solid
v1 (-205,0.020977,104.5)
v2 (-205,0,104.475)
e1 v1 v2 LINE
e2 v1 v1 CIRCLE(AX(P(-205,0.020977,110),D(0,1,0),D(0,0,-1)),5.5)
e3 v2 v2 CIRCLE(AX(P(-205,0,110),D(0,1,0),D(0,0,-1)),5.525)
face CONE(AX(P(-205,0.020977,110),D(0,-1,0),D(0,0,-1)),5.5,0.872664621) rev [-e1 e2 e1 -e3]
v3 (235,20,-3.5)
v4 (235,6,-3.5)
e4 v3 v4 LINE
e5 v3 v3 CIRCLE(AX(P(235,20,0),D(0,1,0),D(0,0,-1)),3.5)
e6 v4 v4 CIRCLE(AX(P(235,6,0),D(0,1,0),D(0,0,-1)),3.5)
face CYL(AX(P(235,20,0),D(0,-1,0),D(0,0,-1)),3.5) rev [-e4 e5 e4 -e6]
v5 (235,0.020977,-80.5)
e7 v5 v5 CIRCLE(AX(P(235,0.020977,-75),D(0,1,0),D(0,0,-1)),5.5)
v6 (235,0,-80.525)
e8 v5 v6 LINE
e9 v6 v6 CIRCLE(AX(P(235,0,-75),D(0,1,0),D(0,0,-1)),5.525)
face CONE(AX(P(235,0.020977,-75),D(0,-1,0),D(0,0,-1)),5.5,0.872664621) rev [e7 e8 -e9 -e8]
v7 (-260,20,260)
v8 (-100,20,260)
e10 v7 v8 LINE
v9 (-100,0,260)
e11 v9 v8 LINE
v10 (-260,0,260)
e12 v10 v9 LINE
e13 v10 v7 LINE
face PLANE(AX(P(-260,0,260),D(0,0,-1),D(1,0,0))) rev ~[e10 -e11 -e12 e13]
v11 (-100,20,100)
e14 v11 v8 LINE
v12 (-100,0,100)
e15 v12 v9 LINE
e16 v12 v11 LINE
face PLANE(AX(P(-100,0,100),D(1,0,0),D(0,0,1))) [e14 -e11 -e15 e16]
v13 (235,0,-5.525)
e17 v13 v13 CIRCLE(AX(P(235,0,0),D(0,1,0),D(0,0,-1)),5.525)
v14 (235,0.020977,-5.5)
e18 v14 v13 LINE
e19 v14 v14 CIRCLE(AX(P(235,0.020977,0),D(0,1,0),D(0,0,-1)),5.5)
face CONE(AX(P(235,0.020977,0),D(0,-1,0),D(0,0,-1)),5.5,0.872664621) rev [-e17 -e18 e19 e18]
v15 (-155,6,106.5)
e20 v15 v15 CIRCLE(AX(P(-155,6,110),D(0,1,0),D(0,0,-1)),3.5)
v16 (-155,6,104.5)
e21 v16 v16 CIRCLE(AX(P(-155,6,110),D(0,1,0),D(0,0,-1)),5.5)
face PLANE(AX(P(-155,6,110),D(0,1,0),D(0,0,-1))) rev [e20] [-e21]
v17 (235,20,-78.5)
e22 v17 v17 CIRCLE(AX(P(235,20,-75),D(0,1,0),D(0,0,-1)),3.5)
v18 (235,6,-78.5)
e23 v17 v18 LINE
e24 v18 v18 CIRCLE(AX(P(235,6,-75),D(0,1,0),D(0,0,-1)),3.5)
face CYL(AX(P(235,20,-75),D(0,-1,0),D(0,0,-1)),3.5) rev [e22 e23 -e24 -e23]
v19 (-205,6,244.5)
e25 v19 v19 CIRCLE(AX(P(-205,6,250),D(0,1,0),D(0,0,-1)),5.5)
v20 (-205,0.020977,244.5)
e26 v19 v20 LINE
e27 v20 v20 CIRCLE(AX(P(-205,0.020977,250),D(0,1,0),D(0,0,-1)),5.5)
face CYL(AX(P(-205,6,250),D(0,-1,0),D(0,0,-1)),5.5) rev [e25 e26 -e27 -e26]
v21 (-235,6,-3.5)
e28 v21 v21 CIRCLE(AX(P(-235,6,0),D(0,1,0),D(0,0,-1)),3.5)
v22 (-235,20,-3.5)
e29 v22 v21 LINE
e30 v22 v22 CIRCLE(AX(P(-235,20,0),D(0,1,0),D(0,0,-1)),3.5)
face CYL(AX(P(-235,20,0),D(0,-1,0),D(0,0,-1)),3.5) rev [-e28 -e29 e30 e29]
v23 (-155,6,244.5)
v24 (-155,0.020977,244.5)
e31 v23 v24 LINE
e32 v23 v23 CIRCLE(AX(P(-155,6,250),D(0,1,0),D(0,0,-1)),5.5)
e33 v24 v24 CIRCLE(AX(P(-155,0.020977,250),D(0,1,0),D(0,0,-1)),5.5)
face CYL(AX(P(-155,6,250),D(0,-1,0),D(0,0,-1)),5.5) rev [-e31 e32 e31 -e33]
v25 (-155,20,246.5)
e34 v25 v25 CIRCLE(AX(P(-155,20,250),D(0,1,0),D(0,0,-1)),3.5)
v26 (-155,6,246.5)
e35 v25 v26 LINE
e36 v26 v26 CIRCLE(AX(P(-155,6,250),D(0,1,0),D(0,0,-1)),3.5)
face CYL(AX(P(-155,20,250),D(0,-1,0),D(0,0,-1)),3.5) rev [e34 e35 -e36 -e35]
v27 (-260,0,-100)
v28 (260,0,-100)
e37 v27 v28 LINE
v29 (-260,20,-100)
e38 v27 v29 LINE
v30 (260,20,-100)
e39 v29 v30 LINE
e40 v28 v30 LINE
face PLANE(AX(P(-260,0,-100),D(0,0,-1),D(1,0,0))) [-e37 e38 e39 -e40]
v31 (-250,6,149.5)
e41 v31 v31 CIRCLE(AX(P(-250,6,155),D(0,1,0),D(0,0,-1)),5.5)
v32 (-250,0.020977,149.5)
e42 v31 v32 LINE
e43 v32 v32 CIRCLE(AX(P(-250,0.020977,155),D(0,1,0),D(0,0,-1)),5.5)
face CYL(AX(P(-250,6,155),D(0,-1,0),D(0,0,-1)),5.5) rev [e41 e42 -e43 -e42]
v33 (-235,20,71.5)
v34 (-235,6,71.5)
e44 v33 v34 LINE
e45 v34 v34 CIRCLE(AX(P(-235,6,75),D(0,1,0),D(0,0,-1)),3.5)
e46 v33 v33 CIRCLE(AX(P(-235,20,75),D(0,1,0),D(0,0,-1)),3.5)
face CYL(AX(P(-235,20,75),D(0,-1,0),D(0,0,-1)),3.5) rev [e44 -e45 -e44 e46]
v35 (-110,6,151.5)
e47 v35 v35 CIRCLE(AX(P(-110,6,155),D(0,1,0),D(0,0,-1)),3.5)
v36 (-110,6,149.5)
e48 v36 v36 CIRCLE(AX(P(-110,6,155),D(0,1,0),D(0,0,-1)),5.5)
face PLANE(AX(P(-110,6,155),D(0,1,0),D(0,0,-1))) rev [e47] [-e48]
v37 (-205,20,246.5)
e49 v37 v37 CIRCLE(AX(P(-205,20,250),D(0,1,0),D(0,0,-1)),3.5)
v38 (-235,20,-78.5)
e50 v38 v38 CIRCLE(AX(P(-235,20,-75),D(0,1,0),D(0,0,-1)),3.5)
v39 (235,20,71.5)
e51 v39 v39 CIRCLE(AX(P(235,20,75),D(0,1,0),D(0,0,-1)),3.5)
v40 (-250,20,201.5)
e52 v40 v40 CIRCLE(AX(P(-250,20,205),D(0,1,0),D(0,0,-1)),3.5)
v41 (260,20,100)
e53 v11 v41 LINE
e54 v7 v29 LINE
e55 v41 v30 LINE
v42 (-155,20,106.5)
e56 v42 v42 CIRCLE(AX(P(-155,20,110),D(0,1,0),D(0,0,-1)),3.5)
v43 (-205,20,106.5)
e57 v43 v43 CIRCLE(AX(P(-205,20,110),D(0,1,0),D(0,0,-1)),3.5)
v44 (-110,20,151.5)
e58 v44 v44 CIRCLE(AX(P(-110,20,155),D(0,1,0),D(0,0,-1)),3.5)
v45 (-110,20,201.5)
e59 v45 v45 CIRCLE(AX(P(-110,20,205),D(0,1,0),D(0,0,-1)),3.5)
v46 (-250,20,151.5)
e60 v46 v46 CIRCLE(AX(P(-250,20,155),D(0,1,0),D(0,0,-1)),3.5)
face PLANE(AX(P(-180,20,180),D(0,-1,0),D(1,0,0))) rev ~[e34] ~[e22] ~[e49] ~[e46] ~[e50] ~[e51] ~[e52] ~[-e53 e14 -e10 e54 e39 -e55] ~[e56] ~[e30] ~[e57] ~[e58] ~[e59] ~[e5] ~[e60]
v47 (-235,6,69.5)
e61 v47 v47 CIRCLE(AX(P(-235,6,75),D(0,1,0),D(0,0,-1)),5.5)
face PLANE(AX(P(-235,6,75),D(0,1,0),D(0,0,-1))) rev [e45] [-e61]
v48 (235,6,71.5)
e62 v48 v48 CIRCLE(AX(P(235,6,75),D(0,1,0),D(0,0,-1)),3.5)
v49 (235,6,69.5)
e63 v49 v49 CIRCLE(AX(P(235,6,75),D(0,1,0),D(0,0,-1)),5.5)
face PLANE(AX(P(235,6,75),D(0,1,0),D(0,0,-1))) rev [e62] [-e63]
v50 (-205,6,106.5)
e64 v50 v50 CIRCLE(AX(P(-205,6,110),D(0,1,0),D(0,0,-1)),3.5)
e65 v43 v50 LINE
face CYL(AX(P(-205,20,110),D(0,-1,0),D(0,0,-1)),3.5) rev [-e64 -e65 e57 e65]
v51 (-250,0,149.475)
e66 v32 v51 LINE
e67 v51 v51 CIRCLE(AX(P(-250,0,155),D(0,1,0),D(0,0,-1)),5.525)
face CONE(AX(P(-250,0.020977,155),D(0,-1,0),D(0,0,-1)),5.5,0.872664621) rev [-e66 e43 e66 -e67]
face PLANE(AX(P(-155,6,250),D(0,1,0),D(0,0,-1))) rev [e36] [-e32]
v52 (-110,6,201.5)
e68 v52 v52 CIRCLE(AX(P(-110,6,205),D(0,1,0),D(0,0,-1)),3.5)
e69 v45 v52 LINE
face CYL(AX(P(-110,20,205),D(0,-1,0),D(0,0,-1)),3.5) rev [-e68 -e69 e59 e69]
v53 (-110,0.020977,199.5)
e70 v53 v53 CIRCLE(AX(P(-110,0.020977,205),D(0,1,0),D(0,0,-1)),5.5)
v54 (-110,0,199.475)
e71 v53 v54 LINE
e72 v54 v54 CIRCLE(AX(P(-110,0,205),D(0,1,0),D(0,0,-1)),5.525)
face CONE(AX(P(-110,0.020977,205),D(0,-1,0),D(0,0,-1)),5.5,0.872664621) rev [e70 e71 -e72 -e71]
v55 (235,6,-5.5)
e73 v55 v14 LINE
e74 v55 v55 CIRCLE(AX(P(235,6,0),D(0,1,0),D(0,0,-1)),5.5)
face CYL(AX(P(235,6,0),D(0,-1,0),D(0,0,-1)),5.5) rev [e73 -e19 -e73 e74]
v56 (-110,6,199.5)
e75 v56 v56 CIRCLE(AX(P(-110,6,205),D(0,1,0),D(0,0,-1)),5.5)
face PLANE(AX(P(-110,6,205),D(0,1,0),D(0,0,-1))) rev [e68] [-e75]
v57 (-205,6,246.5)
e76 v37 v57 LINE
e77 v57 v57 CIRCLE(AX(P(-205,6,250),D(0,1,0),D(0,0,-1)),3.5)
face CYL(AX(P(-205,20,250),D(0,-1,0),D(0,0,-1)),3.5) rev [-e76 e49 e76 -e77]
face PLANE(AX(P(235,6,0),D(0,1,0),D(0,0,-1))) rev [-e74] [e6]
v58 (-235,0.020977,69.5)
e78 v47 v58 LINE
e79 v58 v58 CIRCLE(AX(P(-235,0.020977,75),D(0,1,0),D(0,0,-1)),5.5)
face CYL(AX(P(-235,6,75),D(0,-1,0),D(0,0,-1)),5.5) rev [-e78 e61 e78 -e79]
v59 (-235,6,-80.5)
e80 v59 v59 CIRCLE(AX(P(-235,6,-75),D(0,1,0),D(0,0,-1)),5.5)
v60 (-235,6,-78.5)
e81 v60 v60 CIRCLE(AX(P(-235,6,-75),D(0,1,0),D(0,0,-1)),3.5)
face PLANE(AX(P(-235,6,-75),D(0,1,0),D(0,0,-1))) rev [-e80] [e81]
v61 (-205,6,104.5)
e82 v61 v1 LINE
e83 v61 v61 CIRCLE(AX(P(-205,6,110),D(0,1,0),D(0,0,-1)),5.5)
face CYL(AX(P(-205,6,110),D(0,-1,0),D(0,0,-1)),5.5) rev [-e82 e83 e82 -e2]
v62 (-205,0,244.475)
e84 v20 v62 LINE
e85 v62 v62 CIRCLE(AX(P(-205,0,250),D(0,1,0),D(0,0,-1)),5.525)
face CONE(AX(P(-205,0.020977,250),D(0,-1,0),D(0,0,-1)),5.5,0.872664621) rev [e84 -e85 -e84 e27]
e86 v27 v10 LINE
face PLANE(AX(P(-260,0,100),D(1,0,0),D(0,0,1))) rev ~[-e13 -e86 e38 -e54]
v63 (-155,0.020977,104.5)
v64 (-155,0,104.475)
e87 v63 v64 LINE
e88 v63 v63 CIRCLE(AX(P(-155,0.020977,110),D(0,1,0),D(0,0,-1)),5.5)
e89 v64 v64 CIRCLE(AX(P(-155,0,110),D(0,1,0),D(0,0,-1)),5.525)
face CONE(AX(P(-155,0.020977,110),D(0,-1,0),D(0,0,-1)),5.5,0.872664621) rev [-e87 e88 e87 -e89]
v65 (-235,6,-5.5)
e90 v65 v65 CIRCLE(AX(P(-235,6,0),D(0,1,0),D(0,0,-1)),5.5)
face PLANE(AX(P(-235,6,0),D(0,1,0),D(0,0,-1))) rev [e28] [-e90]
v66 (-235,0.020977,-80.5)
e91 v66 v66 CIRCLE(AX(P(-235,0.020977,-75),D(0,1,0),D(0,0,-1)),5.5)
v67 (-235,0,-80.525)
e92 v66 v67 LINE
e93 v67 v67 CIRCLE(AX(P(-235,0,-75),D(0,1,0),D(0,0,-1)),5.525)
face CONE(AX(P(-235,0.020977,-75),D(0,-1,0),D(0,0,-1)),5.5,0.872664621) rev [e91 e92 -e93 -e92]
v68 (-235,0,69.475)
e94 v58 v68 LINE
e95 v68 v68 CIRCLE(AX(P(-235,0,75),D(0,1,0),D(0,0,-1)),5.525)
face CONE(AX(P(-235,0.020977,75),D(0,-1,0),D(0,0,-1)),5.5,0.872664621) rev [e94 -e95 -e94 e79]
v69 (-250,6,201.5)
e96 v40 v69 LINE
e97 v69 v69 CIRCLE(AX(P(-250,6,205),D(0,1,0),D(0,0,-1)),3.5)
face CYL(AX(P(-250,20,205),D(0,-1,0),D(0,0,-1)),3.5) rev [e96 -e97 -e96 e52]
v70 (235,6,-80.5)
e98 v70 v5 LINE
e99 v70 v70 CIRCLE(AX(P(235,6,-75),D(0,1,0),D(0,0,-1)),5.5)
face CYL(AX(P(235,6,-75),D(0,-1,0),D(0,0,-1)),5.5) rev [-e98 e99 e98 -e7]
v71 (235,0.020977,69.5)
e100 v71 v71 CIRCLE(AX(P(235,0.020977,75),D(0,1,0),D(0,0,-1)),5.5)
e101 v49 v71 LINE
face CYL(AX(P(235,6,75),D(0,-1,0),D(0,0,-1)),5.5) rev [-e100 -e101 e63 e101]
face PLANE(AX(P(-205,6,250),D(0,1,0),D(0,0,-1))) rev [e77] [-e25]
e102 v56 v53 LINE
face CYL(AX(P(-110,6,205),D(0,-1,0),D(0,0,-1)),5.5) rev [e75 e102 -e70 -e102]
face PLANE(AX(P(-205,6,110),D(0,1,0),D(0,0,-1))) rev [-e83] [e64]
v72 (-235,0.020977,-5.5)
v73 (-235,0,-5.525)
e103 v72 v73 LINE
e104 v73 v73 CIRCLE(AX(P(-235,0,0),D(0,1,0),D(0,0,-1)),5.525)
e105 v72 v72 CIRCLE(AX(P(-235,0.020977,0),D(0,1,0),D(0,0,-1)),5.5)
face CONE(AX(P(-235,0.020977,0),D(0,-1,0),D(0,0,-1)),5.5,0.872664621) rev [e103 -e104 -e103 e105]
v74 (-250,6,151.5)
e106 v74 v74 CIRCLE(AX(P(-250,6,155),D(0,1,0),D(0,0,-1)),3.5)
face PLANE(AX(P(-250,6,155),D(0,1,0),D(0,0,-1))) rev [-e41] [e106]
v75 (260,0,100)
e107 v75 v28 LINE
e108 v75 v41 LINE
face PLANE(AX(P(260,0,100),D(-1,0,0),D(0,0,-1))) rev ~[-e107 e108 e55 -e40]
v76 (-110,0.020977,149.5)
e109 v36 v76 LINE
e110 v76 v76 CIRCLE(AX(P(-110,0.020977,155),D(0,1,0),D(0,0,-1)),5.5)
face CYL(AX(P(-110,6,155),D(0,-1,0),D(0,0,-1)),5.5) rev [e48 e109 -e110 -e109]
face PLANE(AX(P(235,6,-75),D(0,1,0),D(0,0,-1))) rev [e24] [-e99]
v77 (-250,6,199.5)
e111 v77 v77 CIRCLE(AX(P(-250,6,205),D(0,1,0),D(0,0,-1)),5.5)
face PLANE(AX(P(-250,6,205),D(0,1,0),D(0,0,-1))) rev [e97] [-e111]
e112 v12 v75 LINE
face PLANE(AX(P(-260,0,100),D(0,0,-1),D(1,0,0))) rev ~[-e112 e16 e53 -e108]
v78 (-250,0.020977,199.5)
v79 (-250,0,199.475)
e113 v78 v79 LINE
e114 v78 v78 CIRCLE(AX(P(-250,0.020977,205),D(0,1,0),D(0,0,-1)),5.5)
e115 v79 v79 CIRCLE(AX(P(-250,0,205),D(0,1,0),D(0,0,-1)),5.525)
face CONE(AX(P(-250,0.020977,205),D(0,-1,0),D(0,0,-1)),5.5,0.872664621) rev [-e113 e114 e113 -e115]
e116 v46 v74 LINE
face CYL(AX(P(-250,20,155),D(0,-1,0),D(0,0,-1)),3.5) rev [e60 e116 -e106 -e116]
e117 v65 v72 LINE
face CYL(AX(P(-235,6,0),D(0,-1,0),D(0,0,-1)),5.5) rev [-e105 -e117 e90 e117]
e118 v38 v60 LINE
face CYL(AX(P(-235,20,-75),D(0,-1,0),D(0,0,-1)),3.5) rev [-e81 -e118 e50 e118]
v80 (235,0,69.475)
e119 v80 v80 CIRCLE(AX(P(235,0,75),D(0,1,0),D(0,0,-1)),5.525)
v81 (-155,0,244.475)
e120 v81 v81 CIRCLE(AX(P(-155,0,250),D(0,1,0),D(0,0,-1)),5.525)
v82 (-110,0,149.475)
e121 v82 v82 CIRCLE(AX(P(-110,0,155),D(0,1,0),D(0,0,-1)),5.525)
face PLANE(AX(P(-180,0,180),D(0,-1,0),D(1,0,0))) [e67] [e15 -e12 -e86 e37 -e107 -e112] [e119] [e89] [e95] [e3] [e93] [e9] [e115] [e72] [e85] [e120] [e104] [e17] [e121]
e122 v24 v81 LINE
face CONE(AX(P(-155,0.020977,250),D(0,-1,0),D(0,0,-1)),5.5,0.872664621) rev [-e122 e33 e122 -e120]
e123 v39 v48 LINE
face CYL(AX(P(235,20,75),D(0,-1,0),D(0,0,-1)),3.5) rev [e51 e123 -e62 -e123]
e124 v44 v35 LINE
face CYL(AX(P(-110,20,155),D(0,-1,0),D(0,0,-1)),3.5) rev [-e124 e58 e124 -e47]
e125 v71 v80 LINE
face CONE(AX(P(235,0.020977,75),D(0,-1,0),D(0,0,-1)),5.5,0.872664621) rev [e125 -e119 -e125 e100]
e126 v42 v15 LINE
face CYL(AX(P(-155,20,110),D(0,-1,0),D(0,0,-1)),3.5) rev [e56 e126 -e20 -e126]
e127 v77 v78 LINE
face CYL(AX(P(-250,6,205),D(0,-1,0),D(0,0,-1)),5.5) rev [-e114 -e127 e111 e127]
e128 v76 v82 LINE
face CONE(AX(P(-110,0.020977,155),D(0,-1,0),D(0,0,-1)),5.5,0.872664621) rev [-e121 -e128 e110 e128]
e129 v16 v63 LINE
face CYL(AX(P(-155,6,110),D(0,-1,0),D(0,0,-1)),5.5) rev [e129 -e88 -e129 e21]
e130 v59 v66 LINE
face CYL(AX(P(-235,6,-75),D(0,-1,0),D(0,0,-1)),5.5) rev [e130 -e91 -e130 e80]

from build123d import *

# Parameters (mm, degrees)
SKETCH1_W                      = 520
SKETCH1_H                      = 200
BOSS_EXTRUDE1_DEPTH            = 20
SKETCH6_W                      = 160
SKETCH6_H                      = 160
BOSS_EXTRUDE2_DEPTH            = 20
CBORE_FOR_M6_SHCS1_AT_2_COUNT  = 2
CBORE_FOR_M6_SHCS1_AT_2_PITCH  = 150
CBORE_FOR_M6_SHCS1_AT_3_COUNT  = 2
CBORE_FOR_M6_SHCS1_AT_3_PITCH  = 470
CBORE_FOR_M6_SHCS1_AT_4_COUNT  = 2
CBORE_FOR_M6_SHCS1_AT_4_PITCH  = 493.355855342
CBORE_FOR_M6_SHCS1_AT_5_COUNT  = 2
CBORE_FOR_M6_SHCS1_AT_5_PITCH  = 75
CBORE_FOR_M6_SHCS1_AT_6_COUNT  = 2
CBORE_FOR_M6_SHCS1_AT_6_PITCH  = 475.946425556
CBORE_FOR_M6_SHCS1_AT_7_COUNT  = 2
CBORE_FOR_M6_SHCS1_AT_7_PITCH  = 507.666228934
CBORE_FOR_M6_SHCS1_AT_8_COUNT  = 2
CBORE_FOR_M6_SHCS1_AT_8_PITCH  = 547.014625033
CBORE_FOR_M6_SHCS1_AT_9_COUNT  = 2
CBORE_FOR_M6_SHCS1_AT_9_PITCH  = 431.653796462
CBORE_FOR_M6_SHCS1_AT_10_COUNT = 2
CBORE_FOR_M6_SHCS1_AT_10_PITCH = 477.310171691
CBORE_FOR_M6_SHCS1_AT_11_COUNT = 2
CBORE_FOR_M6_SHCS1_AT_11_PITCH = 414.638396678
CBORE_FOR_M6_SHCS1_AT_12_COUNT = 2
CBORE_FOR_M6_SHCS1_AT_12_PITCH = 536.77276384
CBORE_FOR_M6_SHCS1_AT_13_COUNT = 2
CBORE_FOR_M6_SHCS1_AT_13_PITCH = 560.022320984
CBORE_FOR_M6_SHCS1_AT_14_COUNT = 2
CBORE_FOR_M6_SHCS1_AT_14_PITCH = 444.325331261


with BuildPart() as part:
    # Sketch1 → Boss-Extrude1 (new body)
    with BuildSketch(Plane(origin=(0, 0, 0), x_dir=(1, 0, 0), z_dir=(0, 1, 0))):
        Rectangle(SKETCH1_W, SKETCH1_H)
    extrude(amount=BOSS_EXTRUDE1_DEPTH)

    # Sketch6 → Boss-Extrude2 (add)
    with BuildSketch(Plane.XZ):
        with Locations((-180, 180)):
            Rectangle(SKETCH6_W, SKETCH6_H)
    extrude(amount=-BOSS_EXTRUDE2_DEPTH)

    # Sketch5 → CBORE for M6 SHCS1 (revolve, cut)
    with BuildSketch(Plane(origin=(235, 0, -75), x_dir=(0, 0, -1), z_dir=(1, 0, 0))):
        Polygon((0, 0), (0, 20), (3.5, 20), (3.5, 6), (5.5, 6), (5.5, 0.020977491), (5.525, 0), align=None)
    cbore_for_m6_shcs1 = revolve(axis=Axis((235, -6.35, -75), (0, 1, 0)), mode=Mode.SUBTRACT)

    # CBORE for M6 SHCS1 at 2: CBORE for M6 SHCS1 ×2
    with Locations(*[(0, 0, i * CBORE_FOR_M6_SHCS1_AT_2_PITCH) for i in range(1, CBORE_FOR_M6_SHCS1_AT_2_COUNT)]):
        add(cbore_for_m6_shcs1, mode=Mode.SUBTRACT)

    # CBORE for M6 SHCS1 at 3: CBORE for M6 SHCS1 ×2
    with Locations(*[(-i * CBORE_FOR_M6_SHCS1_AT_3_PITCH, 0, 0) for i in range(1, CBORE_FOR_M6_SHCS1_AT_3_COUNT)]):
        add(cbore_for_m6_shcs1, mode=Mode.SUBTRACT)

    # CBORE for M6 SHCS1 at 4: CBORE for M6 SHCS1 ×2
    with Locations(*[Vector(-0.9526592112186828, 0, 0.30404017379319653) * (i * CBORE_FOR_M6_SHCS1_AT_4_PITCH) for i in range(1, CBORE_FOR_M6_SHCS1_AT_4_COUNT)]):
        add(cbore_for_m6_shcs1, mode=Mode.SUBTRACT)

    # CBORE for M6 SHCS1 at 5: CBORE for M6 SHCS1 ×2
    with Locations(*[(0, 0, i * CBORE_FOR_M6_SHCS1_AT_5_PITCH) for i in range(1, CBORE_FOR_M6_SHCS1_AT_5_COUNT)]):
        add(cbore_for_m6_shcs1, mode=Mode.SUBTRACT)

    # CBORE for M6 SHCS1 at 6: CBORE for M6 SHCS1 ×2
    with Locations(*[Vector(-0.9875061031301207, 0, 0.15758076113778519) * (i * CBORE_FOR_M6_SHCS1_AT_6_PITCH) for i in range(1, CBORE_FOR_M6_SHCS1_AT_6_COUNT)]):
        add(cbore_for_m6_shcs1, mode=Mode.SUBTRACT)

    # CBORE for M6 SHCS1 at 7: CBORE for M6 SHCS1 ×2
    with Locations(*[Vector(-0.7682212795973759, 0, 0.6401843996644799) * (i * CBORE_FOR_M6_SHCS1_AT_7_PITCH) for i in range(1, CBORE_FOR_M6_SHCS1_AT_7_COUNT)]):
        add(cbore_for_m6_shcs1, mode=Mode.SUBTRACT)

    # CBORE for M6 SHCS1 at 8: CBORE for M6 SHCS1 ×2
    with Locations(*[Vector(-0.8043660623762138, 0, 0.594134023346067) * (i * CBORE_FOR_M6_SHCS1_AT_8_PITCH) for i in range(1, CBORE_FOR_M6_SHCS1_AT_8_COUNT)]):
        add(cbore_for_m6_shcs1, mode=Mode.SUBTRACT)

    # CBORE for M6 SHCS1 at 9: CBORE for M6 SHCS1 ×2
    with Locations(*[Vector(-0.9035018415143107, 0, 0.42858420687217297) * (i * CBORE_FOR_M6_SHCS1_AT_9_PITCH) for i in range(1, CBORE_FOR_M6_SHCS1_AT_9_COUNT)]):
        add(cbore_for_m6_shcs1, mode=Mode.SUBTRACT)

    # CBORE for M6 SHCS1 at 10: CBORE for M6 SHCS1 ×2
    with Locations(*[Vector(-0.9218324395662549, 0, 0.3875886393630844) * (i * CBORE_FOR_M6_SHCS1_AT_10_PITCH) for i in range(1, CBORE_FOR_M6_SHCS1_AT_10_COUNT)]):
        add(cbore_for_m6_shcs1, mode=Mode.SUBTRACT)

    # CBORE for M6 SHCS1 at 11: CBORE for M6 SHCS1 ×2
    with Locations(*[Vector(-0.8320502943378436, 0, 0.5547001962252293) * (i * CBORE_FOR_M6_SHCS1_AT_11_PITCH) for i in range(1, CBORE_FOR_M6_SHCS1_AT_11_COUNT)]):
        add(cbore_for_m6_shcs1, mode=Mode.SUBTRACT)

    # CBORE for M6 SHCS1 at 12: CBORE for M6 SHCS1 ×2
    with Locations(*[Vector(-0.9035480796952873, 0, 0.42848671820601264) * (i * CBORE_FOR_M6_SHCS1_AT_12_PITCH) for i in range(1, CBORE_FOR_M6_SHCS1_AT_12_COUNT)]):
        add(cbore_for_m6_shcs1, mode=Mode.SUBTRACT)

    # CBORE for M6 SHCS1 at 13: CBORE for M6 SHCS1 ×2
    with Locations(*[Vector(-0.8660369092932877, 0, 0.49998007134457856) * (i * CBORE_FOR_M6_SHCS1_AT_13_PITCH) for i in range(1, CBORE_FOR_M6_SHCS1_AT_13_COUNT)]):
        add(cbore_for_m6_shcs1, mode=Mode.SUBTRACT)

    # CBORE for M6 SHCS1 at 14: CBORE for M6 SHCS1 ×2
    with Locations(*[Vector(-0.7764580943901146, 0, 0.6301688882006727) * (i * CBORE_FOR_M6_SHCS1_AT_14_PITCH) for i in range(1, CBORE_FOR_M6_SHCS1_AT_14_COUNT)]):
        add(cbore_for_m6_shcs1, mode=Mode.SUBTRACT)


solid = part.part
